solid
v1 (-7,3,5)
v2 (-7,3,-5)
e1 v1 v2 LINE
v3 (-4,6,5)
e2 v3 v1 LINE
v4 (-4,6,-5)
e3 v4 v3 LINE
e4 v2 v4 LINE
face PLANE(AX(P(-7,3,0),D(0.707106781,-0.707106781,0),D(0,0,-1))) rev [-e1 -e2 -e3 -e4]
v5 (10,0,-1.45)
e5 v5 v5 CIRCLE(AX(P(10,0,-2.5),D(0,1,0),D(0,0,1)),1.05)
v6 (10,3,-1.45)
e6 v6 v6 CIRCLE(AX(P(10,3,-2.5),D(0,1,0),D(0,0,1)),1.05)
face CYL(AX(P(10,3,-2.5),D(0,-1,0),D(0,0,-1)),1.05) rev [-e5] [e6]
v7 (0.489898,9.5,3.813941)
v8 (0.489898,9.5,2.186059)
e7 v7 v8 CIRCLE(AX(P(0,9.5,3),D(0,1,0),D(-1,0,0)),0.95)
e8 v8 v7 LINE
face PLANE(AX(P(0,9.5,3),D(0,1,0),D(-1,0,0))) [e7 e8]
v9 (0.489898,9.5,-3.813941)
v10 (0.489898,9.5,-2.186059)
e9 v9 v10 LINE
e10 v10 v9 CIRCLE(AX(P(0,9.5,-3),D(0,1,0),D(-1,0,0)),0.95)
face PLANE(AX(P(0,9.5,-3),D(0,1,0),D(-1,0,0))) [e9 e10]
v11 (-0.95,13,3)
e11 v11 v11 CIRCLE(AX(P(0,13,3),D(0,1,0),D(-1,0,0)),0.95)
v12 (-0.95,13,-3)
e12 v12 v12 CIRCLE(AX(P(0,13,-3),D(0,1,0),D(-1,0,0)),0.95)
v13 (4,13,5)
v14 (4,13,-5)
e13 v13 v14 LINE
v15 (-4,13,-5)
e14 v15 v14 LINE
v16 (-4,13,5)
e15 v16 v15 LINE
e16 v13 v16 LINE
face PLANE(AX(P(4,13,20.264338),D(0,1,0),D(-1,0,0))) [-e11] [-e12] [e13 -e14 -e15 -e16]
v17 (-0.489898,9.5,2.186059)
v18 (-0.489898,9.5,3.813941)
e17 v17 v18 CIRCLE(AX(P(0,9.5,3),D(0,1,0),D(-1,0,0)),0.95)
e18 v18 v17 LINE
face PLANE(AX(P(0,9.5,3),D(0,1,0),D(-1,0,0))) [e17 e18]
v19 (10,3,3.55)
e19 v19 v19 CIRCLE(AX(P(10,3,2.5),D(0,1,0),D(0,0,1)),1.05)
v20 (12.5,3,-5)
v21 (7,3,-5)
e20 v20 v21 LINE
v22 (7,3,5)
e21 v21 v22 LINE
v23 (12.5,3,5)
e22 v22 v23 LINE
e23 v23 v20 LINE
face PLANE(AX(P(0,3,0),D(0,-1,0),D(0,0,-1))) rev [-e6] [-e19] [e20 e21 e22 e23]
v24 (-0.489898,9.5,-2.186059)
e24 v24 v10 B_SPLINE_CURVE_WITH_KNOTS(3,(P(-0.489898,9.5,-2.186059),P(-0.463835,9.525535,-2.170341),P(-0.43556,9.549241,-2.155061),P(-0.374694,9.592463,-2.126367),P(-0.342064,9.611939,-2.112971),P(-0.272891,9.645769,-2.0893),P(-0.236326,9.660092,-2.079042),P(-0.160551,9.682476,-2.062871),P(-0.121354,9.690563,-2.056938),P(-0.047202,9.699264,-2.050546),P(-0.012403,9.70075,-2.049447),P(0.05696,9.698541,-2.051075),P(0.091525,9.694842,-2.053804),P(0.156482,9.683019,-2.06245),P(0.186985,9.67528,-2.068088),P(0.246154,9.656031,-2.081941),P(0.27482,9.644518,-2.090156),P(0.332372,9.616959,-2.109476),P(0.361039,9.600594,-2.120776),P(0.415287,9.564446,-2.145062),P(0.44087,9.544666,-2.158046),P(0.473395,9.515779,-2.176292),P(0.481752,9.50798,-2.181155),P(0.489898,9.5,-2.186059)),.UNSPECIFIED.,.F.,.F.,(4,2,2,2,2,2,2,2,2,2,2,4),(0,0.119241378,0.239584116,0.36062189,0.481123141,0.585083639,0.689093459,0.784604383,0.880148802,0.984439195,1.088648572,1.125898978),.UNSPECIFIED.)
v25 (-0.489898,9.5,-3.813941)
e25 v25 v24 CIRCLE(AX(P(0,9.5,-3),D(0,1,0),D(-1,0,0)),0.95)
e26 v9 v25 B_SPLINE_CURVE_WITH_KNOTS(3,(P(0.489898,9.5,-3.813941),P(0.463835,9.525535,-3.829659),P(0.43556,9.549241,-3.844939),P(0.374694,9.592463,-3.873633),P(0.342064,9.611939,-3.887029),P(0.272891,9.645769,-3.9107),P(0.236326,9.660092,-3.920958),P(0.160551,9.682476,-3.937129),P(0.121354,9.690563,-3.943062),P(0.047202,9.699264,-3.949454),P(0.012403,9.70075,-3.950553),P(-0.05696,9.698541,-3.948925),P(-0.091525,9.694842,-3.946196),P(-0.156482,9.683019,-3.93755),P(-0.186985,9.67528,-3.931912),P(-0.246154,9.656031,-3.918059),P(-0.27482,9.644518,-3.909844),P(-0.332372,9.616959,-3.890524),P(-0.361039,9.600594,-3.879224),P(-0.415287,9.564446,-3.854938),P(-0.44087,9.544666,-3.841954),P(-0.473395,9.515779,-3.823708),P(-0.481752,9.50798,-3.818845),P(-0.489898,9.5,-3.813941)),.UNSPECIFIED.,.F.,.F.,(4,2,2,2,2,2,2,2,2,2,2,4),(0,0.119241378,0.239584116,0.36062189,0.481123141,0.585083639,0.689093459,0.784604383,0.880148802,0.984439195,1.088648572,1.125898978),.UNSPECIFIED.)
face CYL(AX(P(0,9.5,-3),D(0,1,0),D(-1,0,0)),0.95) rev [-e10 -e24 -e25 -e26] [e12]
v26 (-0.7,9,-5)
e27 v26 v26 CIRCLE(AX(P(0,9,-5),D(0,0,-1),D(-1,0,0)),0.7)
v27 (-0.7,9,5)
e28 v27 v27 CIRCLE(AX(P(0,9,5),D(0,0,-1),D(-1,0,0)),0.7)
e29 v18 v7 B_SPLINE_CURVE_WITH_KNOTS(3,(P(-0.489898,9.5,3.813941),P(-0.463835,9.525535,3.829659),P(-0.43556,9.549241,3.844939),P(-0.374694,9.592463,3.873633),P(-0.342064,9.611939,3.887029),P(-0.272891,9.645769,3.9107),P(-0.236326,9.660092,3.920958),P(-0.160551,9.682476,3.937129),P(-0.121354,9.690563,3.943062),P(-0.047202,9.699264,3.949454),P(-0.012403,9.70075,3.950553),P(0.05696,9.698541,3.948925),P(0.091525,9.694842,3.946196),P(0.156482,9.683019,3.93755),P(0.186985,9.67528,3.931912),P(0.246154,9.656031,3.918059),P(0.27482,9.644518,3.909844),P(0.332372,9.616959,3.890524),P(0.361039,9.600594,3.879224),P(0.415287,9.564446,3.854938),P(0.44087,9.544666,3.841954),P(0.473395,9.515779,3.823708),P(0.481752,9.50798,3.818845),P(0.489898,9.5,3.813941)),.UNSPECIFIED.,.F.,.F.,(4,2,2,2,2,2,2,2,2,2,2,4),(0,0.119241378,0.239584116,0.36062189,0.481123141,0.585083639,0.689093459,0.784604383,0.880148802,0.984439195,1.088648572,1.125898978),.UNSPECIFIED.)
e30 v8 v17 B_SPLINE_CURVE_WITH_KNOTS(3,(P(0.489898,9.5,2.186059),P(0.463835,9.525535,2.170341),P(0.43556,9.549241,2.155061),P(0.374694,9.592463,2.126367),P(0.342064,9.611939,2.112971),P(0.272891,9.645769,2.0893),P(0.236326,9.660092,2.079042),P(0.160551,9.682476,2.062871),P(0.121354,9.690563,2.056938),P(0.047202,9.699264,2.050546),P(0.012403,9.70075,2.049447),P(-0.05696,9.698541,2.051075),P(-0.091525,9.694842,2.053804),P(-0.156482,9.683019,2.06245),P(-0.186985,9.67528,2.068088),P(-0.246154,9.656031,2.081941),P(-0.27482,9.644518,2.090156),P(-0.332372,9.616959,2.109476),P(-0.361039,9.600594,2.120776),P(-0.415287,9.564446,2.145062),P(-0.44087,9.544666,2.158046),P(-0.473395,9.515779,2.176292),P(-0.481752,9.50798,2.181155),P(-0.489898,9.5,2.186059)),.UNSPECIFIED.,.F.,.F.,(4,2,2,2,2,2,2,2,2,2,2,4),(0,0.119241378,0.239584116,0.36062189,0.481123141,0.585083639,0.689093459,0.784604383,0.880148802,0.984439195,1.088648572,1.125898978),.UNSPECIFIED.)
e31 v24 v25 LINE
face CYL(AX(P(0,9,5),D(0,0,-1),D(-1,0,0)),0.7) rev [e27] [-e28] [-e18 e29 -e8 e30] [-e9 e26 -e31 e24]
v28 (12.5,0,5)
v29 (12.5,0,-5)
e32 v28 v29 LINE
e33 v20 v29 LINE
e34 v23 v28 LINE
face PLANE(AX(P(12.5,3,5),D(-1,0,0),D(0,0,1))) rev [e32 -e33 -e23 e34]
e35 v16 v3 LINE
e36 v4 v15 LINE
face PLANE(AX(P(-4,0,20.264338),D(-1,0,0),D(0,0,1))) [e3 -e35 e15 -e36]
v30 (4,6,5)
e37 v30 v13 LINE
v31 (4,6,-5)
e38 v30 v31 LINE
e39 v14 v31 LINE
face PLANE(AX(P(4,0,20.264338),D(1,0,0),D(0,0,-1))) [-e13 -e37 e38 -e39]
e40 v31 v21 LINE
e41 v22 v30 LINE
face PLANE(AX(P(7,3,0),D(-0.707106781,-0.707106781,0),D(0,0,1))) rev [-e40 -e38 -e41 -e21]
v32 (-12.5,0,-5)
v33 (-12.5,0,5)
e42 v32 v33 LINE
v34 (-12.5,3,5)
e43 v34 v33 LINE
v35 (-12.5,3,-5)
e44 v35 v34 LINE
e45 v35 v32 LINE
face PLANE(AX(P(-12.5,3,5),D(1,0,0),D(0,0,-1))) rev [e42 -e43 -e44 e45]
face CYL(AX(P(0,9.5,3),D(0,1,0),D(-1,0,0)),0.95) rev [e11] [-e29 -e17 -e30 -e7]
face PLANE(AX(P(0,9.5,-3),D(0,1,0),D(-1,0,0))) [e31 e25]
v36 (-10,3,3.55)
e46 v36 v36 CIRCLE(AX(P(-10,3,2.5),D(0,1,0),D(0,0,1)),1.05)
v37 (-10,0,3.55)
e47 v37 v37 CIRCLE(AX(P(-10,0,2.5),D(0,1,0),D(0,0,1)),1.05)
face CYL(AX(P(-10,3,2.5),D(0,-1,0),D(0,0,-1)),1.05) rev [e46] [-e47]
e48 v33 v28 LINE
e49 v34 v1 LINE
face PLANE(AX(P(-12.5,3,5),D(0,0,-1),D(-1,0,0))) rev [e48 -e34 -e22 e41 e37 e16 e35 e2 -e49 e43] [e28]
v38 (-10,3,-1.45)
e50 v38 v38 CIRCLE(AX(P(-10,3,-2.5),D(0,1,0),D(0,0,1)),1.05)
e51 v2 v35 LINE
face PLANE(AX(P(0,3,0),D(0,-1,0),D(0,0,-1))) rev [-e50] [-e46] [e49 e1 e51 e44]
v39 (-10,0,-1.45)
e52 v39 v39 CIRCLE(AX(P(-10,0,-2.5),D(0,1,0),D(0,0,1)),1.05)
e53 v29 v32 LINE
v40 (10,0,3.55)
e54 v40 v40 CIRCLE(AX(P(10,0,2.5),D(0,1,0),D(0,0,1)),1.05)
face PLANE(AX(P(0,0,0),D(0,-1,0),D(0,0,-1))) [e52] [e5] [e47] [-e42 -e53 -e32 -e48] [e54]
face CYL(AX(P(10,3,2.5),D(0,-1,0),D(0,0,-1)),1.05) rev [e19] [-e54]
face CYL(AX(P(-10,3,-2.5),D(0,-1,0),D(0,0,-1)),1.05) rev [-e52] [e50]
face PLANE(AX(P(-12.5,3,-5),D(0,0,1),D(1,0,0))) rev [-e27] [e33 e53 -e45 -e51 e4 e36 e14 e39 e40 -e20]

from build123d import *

# Parameters (mm, degrees)
SKETCH1_W           = 25
SKETCH1_H           = 10
SKETCH1_R           = 1.05
BOSS_EXTRUDE1_DEPTH = 3
SKETCH3_W           = 8
SKETCH3_H           = 13
BOSS_EXTRUDE2_DEPTH = 10
SKETCH4_R           = 0.7
CUT_EXTRUDE1_DEPTH  = 21.621590627
SKETCH5_R           = 0.95
CUT_EXTRUDE2_DEPTH  = 3.5
CHAMFER1_SIZE       = 3


with BuildPart() as part:
    # Sketch1 → Boss-Extrude1 (new body)
    with BuildSketch(Plane(origin=(0, 0, 0), x_dir=(1, 0, 0), z_dir=(0, 1, 0))):
        Rectangle(SKETCH1_W, SKETCH1_H)
        with Locations(Location((-10, 2.5, 0), (0, 0, 270))):
            Circle(SKETCH1_R, mode=Mode.SUBTRACT)
        with Locations(Location((-10, -2.5, 0), (0, 0, 270))):
            Circle(SKETCH1_R, mode=Mode.SUBTRACT)
        with Locations(Location((10, 2.5, 0), (0, 0, 270))):
            Circle(SKETCH1_R, mode=Mode.SUBTRACT)
        with Locations(Location((10, -2.5, 0), (0, 0, 270))):
            Circle(SKETCH1_R, mode=Mode.SUBTRACT)
    extrude(amount=BOSS_EXTRUDE1_DEPTH)

    # Sketch3 → Boss-Extrude2 (add)
    with BuildSketch(Plane(origin=(0, 0, -5), x_dir=(-1, 0, 0), z_dir=(0, 0, -1))):
        with Locations((0, 6.5)):
            Rectangle(SKETCH3_W, SKETCH3_H)
    extrude(amount=-BOSS_EXTRUDE2_DEPTH)

    # Sketch4 → Cut-Extrude1 (cut, through all)
    with BuildSketch(Plane(origin=(0, 0, -5), x_dir=(-1, 0, 0), z_dir=(0, 0, -1))):
        with Locations((0, 9)):
            Circle(SKETCH4_R)
    extrude(amount=-CUT_EXTRUDE1_DEPTH, mode=Mode.SUBTRACT)

    # Sketch5 → Cut-Extrude2 (cut)
    with BuildSketch(Plane(origin=(0, 13, 0), x_dir=(1, 0, 0), z_dir=(0, 1, 0))):
        with Locations(Location((0, 3, 0), (0, 0, 180))):
            Circle(SKETCH5_R)
        with Locations(Location((0, -3, 0), (0, 0, 180))):
            Circle(SKETCH5_R)
    extrude(amount=-CUT_EXTRUDE2_DEPTH, mode=Mode.SUBTRACT)

    # Chamfer1
    chamfer1_edges = [part.edges().sort_by_distance(p)[0] for p in [
        (4, 3, 0),
        (-4, 3, 0),
    ]]
    chamfer(chamfer1_edges, length=CHAMFER1_SIZE)


solid = part.part
